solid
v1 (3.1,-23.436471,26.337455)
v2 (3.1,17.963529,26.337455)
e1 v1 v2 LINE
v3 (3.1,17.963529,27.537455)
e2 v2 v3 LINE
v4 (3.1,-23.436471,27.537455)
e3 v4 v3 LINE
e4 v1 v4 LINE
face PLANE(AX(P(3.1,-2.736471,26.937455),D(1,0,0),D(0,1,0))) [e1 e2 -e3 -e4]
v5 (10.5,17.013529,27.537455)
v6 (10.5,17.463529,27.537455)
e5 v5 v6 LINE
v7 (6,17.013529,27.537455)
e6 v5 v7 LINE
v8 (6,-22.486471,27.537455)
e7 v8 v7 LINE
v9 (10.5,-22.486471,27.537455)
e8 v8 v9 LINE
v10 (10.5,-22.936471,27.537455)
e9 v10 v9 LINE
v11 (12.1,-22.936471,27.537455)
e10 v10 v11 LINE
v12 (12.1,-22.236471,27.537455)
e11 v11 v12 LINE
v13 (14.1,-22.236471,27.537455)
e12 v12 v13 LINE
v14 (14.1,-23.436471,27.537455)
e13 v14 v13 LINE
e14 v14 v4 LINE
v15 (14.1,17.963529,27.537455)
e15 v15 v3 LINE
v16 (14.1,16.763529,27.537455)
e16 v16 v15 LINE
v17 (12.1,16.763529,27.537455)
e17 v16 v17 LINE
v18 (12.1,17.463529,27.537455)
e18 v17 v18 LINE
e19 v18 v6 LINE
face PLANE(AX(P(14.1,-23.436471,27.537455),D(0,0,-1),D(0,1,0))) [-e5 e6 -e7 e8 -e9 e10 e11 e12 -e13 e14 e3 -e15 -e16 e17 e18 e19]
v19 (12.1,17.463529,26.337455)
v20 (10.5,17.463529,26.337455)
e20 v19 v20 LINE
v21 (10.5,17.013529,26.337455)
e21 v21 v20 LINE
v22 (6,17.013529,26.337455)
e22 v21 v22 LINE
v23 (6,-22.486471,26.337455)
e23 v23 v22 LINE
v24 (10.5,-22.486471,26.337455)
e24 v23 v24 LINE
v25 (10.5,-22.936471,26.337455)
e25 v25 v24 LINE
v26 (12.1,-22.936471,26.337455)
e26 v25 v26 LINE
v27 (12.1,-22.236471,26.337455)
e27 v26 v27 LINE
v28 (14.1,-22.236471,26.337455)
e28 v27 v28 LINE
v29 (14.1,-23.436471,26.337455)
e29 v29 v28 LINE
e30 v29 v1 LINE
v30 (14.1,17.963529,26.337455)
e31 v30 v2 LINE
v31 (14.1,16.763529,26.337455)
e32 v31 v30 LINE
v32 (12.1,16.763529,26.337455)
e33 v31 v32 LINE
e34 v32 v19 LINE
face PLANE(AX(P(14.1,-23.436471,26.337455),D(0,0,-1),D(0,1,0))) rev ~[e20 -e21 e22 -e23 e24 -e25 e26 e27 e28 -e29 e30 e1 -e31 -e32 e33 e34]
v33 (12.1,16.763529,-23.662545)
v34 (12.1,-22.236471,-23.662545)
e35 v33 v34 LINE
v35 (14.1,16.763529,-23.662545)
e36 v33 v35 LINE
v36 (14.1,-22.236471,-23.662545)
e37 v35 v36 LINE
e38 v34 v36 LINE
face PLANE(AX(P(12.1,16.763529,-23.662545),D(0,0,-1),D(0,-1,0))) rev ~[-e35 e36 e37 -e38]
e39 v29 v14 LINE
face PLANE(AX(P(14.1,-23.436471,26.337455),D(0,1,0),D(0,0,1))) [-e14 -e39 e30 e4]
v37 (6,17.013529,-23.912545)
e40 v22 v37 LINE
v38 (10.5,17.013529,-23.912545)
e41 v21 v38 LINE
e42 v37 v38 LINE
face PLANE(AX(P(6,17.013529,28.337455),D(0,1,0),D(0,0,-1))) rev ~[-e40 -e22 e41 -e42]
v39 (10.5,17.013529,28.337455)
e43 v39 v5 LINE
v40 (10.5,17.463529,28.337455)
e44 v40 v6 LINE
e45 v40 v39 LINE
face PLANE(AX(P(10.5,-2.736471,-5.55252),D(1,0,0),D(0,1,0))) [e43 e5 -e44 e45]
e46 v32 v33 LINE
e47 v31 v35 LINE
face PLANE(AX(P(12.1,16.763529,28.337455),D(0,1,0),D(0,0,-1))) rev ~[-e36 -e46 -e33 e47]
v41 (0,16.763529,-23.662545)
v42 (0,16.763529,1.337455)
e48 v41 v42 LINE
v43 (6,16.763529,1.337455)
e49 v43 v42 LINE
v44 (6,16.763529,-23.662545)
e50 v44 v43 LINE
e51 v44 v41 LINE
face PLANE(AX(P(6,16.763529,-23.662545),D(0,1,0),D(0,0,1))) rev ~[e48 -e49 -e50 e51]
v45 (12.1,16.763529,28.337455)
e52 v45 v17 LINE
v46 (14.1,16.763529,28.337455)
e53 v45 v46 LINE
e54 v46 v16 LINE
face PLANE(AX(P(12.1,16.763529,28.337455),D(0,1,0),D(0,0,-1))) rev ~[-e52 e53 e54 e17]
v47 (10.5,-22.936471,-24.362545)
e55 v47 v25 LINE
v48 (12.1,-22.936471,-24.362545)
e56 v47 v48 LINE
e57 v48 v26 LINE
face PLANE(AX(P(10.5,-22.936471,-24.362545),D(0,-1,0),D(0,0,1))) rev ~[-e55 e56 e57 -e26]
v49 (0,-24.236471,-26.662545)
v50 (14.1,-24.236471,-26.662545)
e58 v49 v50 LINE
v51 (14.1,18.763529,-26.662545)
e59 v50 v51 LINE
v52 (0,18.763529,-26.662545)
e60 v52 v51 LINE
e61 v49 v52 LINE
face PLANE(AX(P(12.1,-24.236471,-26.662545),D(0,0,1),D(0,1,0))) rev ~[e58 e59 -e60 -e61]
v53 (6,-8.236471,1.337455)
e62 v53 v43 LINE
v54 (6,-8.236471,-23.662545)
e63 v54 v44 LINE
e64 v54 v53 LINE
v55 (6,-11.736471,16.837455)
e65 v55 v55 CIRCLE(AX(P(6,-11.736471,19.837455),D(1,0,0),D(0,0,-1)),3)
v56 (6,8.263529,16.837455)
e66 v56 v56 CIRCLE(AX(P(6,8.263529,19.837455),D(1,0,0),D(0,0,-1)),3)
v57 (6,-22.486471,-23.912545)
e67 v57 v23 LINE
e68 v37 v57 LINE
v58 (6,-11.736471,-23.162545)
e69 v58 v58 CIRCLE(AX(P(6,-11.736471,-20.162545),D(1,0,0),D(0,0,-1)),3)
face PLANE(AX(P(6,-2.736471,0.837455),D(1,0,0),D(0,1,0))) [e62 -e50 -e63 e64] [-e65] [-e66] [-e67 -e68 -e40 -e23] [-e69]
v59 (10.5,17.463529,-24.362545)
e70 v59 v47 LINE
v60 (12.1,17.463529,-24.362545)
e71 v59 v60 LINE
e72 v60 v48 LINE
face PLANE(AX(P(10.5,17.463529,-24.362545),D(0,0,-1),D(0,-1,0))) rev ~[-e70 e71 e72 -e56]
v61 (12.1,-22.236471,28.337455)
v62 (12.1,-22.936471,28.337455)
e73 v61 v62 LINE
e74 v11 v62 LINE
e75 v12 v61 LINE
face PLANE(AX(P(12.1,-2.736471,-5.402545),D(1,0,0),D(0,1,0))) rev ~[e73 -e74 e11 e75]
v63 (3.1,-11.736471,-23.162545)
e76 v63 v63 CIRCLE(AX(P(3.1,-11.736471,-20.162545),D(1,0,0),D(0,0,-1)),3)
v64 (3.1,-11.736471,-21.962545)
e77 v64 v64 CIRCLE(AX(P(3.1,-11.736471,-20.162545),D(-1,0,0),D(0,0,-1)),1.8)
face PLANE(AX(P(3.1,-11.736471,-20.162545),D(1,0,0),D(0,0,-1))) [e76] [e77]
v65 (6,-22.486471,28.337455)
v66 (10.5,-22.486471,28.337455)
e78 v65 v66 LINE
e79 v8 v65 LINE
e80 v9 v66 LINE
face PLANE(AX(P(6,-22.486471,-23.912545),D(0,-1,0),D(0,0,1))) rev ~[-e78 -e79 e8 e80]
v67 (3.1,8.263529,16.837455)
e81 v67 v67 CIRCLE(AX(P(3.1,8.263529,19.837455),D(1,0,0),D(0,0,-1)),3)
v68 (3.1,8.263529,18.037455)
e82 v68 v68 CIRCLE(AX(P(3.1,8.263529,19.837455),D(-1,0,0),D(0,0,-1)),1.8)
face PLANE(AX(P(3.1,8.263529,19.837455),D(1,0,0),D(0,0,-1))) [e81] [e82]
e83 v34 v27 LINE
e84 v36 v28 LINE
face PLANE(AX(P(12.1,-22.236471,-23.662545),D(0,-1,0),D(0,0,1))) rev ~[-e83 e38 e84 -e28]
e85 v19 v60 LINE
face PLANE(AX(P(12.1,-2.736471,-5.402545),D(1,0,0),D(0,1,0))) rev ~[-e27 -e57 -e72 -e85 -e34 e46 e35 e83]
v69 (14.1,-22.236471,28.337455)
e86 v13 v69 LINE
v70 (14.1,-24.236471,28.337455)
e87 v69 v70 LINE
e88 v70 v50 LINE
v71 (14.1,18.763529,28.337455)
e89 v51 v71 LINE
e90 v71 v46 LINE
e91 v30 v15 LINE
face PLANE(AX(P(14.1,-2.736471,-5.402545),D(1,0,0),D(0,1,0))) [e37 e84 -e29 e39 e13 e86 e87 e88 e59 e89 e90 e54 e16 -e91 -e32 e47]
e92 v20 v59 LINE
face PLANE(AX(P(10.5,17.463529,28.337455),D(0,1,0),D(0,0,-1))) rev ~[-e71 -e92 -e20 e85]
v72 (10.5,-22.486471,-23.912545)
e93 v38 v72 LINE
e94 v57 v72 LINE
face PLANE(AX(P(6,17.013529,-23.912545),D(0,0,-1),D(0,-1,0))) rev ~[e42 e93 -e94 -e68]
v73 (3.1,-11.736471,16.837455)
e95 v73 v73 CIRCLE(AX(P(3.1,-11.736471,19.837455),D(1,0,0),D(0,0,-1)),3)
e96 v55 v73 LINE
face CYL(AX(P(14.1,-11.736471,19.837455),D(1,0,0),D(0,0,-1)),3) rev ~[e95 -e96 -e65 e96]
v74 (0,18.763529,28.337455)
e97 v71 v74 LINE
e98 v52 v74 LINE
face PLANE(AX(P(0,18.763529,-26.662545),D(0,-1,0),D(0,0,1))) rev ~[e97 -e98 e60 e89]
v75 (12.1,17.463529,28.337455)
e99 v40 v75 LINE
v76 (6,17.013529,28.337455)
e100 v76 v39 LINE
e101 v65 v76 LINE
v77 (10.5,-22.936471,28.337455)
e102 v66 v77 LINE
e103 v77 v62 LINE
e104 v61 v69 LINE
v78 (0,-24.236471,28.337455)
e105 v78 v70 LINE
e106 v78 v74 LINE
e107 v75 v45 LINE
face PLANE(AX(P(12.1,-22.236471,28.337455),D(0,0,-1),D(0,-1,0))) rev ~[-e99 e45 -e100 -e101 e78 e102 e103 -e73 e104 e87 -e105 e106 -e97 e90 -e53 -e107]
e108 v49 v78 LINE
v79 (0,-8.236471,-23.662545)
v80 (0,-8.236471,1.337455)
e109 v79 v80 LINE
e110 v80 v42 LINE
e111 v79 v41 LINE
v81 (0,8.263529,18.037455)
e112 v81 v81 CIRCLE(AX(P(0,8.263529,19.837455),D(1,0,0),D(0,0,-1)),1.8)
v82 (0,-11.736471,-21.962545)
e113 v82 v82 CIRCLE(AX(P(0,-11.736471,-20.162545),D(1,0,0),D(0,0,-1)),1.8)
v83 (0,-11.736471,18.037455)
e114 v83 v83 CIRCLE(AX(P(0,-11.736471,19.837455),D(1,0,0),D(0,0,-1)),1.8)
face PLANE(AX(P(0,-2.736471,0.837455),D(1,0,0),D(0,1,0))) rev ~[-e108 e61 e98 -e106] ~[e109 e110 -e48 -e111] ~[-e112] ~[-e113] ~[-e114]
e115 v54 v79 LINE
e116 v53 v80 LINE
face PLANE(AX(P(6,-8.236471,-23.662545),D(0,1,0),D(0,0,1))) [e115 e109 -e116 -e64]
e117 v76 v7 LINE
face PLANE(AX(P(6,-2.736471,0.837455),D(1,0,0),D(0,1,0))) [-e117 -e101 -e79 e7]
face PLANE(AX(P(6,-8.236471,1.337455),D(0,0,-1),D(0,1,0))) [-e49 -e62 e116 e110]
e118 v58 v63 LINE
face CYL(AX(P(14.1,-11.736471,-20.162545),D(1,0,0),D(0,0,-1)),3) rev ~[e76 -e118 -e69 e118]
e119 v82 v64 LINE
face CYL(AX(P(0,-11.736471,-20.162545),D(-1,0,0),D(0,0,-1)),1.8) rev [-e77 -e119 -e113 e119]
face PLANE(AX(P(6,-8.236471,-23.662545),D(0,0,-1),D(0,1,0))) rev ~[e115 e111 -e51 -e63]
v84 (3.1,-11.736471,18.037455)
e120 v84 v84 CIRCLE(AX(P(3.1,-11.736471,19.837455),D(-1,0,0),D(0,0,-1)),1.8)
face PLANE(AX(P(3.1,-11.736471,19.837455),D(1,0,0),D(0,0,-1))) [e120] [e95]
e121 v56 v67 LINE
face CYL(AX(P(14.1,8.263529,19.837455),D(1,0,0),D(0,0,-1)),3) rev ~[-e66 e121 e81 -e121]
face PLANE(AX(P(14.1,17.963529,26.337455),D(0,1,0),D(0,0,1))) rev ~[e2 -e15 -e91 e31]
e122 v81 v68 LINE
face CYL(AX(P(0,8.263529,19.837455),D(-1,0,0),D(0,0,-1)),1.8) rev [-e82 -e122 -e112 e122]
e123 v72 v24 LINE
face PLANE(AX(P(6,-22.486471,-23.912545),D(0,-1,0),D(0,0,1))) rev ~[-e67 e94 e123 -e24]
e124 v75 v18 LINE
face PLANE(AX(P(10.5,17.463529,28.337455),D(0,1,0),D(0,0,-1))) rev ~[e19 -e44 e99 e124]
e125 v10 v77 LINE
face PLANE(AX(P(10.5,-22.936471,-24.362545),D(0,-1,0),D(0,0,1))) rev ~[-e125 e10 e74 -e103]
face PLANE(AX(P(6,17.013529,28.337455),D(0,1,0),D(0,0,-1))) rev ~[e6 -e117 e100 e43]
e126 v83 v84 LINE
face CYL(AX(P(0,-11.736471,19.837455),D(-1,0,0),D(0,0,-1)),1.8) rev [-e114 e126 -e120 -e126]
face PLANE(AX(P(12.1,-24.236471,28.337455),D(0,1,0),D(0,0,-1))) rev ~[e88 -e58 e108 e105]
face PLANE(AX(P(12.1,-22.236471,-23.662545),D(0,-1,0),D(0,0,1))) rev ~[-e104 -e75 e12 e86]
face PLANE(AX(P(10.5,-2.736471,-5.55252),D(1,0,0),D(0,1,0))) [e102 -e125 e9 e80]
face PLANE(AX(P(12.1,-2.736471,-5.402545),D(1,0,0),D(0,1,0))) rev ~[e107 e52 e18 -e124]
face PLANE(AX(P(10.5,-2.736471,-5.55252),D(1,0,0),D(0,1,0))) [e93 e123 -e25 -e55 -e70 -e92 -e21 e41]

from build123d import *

# Parameters (mm, degrees)
SKETCH1_W           = 43
SKETCH1_H           = 55
SKETCH1_R           = 1.8
BOSS_EXTRUDE1_DEPTH = 6
BOSS_EXTRUDE2_DEPTH = 4.5
BOSS_EXTRUDE3_DEPTH = 1.6
BOSS_EXTRUDE4_DEPTH = 2
SKETCH7_R           = 3
CUT_EXTRUDE2_DEPTH  = 11
SKETCH11_W          = 25
SKETCH11_H          = 25
CUT_EXTRUDE5_DEPTH  = 11.5
SKETCH17_W          = 41.4
SKETCH17_H          = 1.2
CUT_EXTRUDE7_DEPTH  = 11


with BuildPart() as part:
    # Sketch1 → Boss-Extrude1 (new body)
    with BuildSketch(Plane.YZ):
        with Locations((-2.736471392, 0.837454611)):
            Rectangle(SKETCH1_W, SKETCH1_H)
        with Locations(Location((-11.736471392, -20.162545389, 0), (0, 0, 270))):
            Circle(SKETCH1_R, mode=Mode.SUBTRACT)
        with Locations(Location((-11.736471392, 19.837454611, 0), (0, 0, 270))):
            Circle(SKETCH1_R, mode=Mode.SUBTRACT)
        with Locations(Location((8.263528608, 19.837454611, 0), (0, 0, 270))):
            Circle(SKETCH1_R, mode=Mode.SUBTRACT)
    extrude(amount=BOSS_EXTRUDE1_DEPTH)

    # Sketch3 → Boss-Extrude2 (add)
    with BuildSketch(Plane.YZ.offset(6)):
        Polygon((-22.486471392, 25.587454611), (-22.486471392, 28.337454611), (-24.236471392, 28.337454611), (-24.236471392, -26.662545389), (18.763528608, -26.662545389), (18.763528608, 28.337454611), (17.013528608, 28.337454611), (17.013528608, 25.587454611), (17.013528608, -23.912545389), (-22.486471392, -23.912545389), align=None)
    extrude(amount=BOSS_EXTRUDE2_DEPTH)

    # Sketch5 → Boss-Extrude3 (add)
    with BuildSketch(Plane.YZ.offset(10.5)):
        Polygon((-22.936471392, 26.037454611), (-22.936471392, 28.337454611), (-24.236471392, 28.337454611), (-24.236471392, -26.662545389), (18.763528608, -26.662545389), (18.763528608, 28.337454611), (17.463528608, 28.337454611), (17.463528608, 26.037454611), (17.463528608, -24.362545389), (-22.936471392, -24.362545389), align=None)
    extrude(amount=BOSS_EXTRUDE3_DEPTH)

    # Sketch6 → Boss-Extrude4 (add)
    with BuildSketch(Plane.YZ.offset(12.1)):
        Polygon((-22.236471392, 25.337454611), (-22.236471392, 28.337454611), (-24.236471392, 28.337454611), (-24.236471392, -26.662545389), (18.763528608, -26.662545389), (18.763528608, 28.337454611), (16.763528608, 28.337454611), (16.763528608, 25.337454611), (16.763528608, -23.662545389), (-22.236471392, -23.662545389), align=None)
    extrude(amount=BOSS_EXTRUDE4_DEPTH)

    # Sketch7 → Cut-Extrude2 (cut)
    with BuildSketch(Plane.YZ.offset(14.1)):
        with Locations(Location((-11.736471392, -20.162545389, 0), (0, 0, 270))):
            Circle(SKETCH7_R)
        with Locations(Location((-11.736471392, 19.837454611, 0), (0, 0, 270))):
            Circle(SKETCH7_R)
        with Locations(Location((8.263528608, 19.837454611, 0), (0, 0, 270))):
            Circle(SKETCH7_R)
    extrude(amount=-CUT_EXTRUDE2_DEPTH, mode=Mode.SUBTRACT)

    # Sketch11 → Cut-Extrude5 (cut)
    with BuildSketch(Plane.YZ.offset(6)):
        with Locations((4.263528608, -11.162545389)):
            Rectangle(SKETCH11_W, SKETCH11_H)
    extrude(amount=-CUT_EXTRUDE5_DEPTH, mode=Mode.SUBTRACT)

    # Sketch17 → Cut-Extrude7 (cut)
    with BuildSketch(Plane.YZ.offset(14.1)):
        with Locations((-2.736471392, 26.937454611)):
            Rectangle(SKETCH17_W, SKETCH17_H)
    extrude(amount=-CUT_EXTRUDE7_DEPTH, mode=Mode.SUBTRACT)


solid = part.part
